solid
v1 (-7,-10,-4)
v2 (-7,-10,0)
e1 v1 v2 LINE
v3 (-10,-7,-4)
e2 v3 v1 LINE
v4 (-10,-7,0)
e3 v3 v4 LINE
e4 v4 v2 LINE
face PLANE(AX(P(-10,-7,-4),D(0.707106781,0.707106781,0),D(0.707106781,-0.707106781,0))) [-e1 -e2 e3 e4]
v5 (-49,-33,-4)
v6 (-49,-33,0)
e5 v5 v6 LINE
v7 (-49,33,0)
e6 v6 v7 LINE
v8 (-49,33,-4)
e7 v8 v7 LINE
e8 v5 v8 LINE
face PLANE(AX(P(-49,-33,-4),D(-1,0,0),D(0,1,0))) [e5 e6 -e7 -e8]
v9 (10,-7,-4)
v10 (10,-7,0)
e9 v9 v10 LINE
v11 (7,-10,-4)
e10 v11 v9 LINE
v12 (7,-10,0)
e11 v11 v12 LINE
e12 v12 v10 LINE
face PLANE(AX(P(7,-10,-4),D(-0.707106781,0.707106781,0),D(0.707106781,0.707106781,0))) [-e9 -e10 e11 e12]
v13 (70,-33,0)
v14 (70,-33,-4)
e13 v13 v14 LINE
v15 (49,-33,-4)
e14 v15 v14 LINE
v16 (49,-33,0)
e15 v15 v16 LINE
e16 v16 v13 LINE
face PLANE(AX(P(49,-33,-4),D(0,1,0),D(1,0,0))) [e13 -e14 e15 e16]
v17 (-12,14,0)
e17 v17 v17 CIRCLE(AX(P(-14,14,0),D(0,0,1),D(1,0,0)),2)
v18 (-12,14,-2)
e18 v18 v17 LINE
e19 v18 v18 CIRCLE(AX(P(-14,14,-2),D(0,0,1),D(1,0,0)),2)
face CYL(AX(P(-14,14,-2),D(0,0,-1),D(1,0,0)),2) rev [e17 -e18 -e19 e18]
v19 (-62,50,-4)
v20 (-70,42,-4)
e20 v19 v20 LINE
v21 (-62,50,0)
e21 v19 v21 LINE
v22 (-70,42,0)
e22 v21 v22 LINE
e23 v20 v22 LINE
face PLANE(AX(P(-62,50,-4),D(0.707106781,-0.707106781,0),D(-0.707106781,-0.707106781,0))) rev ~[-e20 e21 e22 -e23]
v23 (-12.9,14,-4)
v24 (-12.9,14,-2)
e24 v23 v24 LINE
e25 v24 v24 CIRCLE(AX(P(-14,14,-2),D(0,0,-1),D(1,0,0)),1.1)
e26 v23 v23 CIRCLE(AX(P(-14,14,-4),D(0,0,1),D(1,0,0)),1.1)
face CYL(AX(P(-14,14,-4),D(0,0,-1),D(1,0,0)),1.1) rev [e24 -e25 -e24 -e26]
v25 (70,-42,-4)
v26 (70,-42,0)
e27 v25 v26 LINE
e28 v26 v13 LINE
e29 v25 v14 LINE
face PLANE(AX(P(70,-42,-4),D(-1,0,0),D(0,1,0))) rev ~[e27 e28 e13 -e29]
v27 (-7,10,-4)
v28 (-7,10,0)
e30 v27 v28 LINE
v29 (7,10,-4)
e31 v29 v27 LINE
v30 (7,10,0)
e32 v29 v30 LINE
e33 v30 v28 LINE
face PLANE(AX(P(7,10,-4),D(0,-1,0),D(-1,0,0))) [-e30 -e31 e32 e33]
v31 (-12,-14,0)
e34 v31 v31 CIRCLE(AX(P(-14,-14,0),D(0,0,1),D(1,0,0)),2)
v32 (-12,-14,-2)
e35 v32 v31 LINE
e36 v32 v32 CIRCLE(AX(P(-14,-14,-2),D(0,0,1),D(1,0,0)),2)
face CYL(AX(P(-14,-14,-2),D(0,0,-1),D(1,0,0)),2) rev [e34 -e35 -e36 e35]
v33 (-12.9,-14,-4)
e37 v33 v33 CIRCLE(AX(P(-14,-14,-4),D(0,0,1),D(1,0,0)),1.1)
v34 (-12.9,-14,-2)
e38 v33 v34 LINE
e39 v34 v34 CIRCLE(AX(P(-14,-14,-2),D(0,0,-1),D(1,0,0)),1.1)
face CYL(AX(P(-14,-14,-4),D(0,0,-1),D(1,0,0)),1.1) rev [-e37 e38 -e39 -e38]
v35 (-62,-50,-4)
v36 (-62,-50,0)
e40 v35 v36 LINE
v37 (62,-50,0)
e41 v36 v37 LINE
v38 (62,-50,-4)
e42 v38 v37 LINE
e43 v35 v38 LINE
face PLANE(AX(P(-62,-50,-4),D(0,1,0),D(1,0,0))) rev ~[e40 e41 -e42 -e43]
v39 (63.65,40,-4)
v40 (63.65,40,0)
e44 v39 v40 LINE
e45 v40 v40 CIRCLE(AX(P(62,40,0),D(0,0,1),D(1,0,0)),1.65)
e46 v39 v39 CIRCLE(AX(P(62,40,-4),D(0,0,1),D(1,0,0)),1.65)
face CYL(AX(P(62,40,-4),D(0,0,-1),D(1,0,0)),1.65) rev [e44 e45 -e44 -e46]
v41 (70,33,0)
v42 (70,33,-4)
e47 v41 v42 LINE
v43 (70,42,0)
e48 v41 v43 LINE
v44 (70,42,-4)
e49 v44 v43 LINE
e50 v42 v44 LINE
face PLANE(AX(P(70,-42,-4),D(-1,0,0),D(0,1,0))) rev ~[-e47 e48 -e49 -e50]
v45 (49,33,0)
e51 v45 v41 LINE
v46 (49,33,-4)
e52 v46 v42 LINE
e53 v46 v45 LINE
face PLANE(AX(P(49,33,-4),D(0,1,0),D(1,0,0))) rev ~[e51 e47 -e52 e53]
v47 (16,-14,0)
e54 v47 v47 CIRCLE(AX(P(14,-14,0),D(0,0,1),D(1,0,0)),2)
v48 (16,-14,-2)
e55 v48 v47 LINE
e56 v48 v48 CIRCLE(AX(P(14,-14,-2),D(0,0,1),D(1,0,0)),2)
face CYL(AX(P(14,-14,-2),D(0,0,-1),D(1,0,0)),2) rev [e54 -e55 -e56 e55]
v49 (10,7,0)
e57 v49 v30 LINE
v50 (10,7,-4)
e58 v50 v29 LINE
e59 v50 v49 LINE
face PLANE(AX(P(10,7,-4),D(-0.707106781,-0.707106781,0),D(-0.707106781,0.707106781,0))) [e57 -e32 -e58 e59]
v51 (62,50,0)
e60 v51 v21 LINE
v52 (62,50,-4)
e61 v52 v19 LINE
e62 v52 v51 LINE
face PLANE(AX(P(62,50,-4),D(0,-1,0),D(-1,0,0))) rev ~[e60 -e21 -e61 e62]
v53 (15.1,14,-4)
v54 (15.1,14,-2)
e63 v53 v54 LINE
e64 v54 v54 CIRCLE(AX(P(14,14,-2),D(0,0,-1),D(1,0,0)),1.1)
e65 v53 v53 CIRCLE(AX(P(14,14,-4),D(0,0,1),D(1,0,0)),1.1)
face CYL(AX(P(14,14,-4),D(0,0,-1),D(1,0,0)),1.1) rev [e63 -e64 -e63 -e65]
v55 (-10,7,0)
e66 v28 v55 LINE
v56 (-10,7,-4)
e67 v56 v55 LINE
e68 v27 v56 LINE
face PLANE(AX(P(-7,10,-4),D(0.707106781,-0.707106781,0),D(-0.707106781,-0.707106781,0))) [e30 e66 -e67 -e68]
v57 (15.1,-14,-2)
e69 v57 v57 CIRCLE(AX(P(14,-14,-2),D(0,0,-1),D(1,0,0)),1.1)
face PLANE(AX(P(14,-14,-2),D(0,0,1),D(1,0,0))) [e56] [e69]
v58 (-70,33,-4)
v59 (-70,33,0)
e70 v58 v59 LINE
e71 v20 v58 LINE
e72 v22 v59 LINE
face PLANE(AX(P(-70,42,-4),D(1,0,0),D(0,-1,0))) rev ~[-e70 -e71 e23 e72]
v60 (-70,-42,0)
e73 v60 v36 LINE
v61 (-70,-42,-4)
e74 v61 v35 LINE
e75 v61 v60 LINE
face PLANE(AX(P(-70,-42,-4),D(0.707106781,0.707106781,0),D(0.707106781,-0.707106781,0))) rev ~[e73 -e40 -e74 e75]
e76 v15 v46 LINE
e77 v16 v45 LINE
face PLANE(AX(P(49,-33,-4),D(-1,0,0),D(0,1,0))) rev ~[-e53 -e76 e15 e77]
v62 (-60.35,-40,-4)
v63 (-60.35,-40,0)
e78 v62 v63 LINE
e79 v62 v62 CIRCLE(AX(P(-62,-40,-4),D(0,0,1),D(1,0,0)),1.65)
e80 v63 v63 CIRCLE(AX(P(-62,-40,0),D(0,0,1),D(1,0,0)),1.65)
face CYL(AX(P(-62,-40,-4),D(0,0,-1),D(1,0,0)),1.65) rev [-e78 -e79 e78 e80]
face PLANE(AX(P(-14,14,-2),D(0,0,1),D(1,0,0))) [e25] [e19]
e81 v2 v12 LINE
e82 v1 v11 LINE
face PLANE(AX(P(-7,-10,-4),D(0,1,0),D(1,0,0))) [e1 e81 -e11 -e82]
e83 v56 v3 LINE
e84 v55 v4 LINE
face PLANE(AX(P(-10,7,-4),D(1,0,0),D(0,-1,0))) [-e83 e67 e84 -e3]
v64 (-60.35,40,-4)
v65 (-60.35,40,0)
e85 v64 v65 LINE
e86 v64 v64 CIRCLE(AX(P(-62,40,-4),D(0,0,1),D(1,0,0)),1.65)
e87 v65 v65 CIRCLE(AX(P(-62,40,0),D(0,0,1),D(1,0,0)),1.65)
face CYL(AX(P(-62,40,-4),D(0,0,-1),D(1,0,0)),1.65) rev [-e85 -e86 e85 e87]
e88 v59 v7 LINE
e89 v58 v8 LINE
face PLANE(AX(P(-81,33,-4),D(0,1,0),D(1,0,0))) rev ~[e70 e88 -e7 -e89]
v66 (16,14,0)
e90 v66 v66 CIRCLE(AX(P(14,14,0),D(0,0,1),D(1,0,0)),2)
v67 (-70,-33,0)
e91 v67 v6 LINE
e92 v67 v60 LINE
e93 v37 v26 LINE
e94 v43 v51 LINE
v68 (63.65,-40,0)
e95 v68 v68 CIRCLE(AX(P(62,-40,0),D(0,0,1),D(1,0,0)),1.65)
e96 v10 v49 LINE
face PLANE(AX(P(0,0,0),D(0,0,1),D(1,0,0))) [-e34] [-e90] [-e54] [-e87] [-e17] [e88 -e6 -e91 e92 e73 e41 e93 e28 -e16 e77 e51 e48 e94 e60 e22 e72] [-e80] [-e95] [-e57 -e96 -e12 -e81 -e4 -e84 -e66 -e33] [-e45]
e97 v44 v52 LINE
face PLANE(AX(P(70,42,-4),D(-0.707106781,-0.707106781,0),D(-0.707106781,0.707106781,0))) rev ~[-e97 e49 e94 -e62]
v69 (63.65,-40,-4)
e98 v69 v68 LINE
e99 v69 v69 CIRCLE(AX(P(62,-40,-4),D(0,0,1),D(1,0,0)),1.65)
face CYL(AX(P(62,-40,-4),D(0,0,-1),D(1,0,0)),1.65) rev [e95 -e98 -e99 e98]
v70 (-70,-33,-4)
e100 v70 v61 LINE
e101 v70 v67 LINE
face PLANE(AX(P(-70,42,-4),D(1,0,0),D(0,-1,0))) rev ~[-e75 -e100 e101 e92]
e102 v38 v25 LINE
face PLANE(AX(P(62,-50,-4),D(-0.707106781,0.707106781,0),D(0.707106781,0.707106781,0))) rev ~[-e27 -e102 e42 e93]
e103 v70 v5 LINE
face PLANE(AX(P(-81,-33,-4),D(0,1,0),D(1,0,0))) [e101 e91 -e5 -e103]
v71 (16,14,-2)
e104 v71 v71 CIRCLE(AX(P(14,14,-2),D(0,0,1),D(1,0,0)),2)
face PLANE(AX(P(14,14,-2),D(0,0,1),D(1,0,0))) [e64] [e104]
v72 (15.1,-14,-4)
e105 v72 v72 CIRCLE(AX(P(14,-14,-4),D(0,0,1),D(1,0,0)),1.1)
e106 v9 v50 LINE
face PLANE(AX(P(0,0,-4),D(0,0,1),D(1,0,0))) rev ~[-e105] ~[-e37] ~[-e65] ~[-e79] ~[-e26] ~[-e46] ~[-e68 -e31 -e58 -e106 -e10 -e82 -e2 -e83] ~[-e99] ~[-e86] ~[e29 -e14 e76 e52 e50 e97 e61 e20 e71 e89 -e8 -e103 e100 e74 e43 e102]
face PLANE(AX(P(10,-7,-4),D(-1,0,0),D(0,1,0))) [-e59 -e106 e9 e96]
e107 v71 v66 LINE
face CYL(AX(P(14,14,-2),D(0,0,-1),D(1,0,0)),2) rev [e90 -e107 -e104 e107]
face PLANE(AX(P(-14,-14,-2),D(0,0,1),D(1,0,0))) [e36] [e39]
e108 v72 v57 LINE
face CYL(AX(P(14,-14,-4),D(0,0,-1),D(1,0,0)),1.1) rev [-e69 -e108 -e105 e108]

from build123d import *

# Parameters (mm, degrees)
EXTRUDE_START         = -4
SKETCH_1_R            = 1.65
SKETCH_1_R_2          = 1.1
EXTRUDE_266_DEPTH     = 4
CUT_EXTRUDE_START     = -4
SKETCH_2_W            = 32
SKETCH_2_H            = 66
CUT_EXTRUDE_347_DEPTH = 4
CUT_EXTRUDE_START_2   = -2
SKETCH_3_R            = 2
CUT_EXTRUDE_M2_DEPTH  = 2


with BuildPart() as part:
    # 草图1 → Extrude 266 (new body)
    with BuildSketch(Plane.XY.offset(EXTRUDE_START)):
        Polygon((-62, -50), (62, -50), (70, -42), (70, 42), (62, 50), (-62, 50), (-70, 42), (-70, -42), align=None)
        with Locations((-62, -40)):
            Circle(SKETCH_1_R, mode=Mode.SUBTRACT)
        with Locations((-14, -14)):
            Circle(SKETCH_1_R_2, mode=Mode.SUBTRACT)
        with Locations((-62, 40)):
            Circle(SKETCH_1_R, mode=Mode.SUBTRACT)
        with Locations((-14, 14)):
            Circle(SKETCH_1_R_2, mode=Mode.SUBTRACT)
        with Locations((62, -40)):
            Circle(SKETCH_1_R, mode=Mode.SUBTRACT)
        with Locations((14, -14)):
            Circle(SKETCH_1_R_2, mode=Mode.SUBTRACT)
        with Locations((62, 40)):
            Circle(SKETCH_1_R, mode=Mode.SUBTRACT)
        with Locations((14, 14)):
            Circle(SKETCH_1_R_2, mode=Mode.SUBTRACT)
        Polygon((-7, -10), (7, -10), (10, -7), (10, 7), (7, 10), (-7, 10), (-10, 7), (-10, -7), align=None, mode=Mode.SUBTRACT)
    extrude(amount=EXTRUDE_266_DEPTH)

    # 草图2 → Cut-Extrude 347 (cut)
    with BuildSketch(Plane.XY.offset(CUT_EXTRUDE_START)):
        with Locations((65, 0)):
            Rectangle(SKETCH_2_W, SKETCH_2_H)
        with Locations((-65, 0)):
            Rectangle(SKETCH_2_W, SKETCH_2_H)
    extrude(amount=CUT_EXTRUDE_347_DEPTH, mode=Mode.SUBTRACT)

    # 草图3 → M2头部内藏沉台 (cut)
    with BuildSketch(Plane.XY.offset(CUT_EXTRUDE_START_2)):
        with Locations((-14, -14)):
            Circle(SKETCH_3_R)
        with Locations((-14, 14)):
            Circle(SKETCH_3_R)
        with Locations((14, -14)):
            Circle(SKETCH_3_R)
        with Locations((14, 14)):
            Circle(SKETCH_3_R)
    extrude(amount=CUT_EXTRUDE_M2_DEPTH, mode=Mode.SUBTRACT)


solid = part.part
